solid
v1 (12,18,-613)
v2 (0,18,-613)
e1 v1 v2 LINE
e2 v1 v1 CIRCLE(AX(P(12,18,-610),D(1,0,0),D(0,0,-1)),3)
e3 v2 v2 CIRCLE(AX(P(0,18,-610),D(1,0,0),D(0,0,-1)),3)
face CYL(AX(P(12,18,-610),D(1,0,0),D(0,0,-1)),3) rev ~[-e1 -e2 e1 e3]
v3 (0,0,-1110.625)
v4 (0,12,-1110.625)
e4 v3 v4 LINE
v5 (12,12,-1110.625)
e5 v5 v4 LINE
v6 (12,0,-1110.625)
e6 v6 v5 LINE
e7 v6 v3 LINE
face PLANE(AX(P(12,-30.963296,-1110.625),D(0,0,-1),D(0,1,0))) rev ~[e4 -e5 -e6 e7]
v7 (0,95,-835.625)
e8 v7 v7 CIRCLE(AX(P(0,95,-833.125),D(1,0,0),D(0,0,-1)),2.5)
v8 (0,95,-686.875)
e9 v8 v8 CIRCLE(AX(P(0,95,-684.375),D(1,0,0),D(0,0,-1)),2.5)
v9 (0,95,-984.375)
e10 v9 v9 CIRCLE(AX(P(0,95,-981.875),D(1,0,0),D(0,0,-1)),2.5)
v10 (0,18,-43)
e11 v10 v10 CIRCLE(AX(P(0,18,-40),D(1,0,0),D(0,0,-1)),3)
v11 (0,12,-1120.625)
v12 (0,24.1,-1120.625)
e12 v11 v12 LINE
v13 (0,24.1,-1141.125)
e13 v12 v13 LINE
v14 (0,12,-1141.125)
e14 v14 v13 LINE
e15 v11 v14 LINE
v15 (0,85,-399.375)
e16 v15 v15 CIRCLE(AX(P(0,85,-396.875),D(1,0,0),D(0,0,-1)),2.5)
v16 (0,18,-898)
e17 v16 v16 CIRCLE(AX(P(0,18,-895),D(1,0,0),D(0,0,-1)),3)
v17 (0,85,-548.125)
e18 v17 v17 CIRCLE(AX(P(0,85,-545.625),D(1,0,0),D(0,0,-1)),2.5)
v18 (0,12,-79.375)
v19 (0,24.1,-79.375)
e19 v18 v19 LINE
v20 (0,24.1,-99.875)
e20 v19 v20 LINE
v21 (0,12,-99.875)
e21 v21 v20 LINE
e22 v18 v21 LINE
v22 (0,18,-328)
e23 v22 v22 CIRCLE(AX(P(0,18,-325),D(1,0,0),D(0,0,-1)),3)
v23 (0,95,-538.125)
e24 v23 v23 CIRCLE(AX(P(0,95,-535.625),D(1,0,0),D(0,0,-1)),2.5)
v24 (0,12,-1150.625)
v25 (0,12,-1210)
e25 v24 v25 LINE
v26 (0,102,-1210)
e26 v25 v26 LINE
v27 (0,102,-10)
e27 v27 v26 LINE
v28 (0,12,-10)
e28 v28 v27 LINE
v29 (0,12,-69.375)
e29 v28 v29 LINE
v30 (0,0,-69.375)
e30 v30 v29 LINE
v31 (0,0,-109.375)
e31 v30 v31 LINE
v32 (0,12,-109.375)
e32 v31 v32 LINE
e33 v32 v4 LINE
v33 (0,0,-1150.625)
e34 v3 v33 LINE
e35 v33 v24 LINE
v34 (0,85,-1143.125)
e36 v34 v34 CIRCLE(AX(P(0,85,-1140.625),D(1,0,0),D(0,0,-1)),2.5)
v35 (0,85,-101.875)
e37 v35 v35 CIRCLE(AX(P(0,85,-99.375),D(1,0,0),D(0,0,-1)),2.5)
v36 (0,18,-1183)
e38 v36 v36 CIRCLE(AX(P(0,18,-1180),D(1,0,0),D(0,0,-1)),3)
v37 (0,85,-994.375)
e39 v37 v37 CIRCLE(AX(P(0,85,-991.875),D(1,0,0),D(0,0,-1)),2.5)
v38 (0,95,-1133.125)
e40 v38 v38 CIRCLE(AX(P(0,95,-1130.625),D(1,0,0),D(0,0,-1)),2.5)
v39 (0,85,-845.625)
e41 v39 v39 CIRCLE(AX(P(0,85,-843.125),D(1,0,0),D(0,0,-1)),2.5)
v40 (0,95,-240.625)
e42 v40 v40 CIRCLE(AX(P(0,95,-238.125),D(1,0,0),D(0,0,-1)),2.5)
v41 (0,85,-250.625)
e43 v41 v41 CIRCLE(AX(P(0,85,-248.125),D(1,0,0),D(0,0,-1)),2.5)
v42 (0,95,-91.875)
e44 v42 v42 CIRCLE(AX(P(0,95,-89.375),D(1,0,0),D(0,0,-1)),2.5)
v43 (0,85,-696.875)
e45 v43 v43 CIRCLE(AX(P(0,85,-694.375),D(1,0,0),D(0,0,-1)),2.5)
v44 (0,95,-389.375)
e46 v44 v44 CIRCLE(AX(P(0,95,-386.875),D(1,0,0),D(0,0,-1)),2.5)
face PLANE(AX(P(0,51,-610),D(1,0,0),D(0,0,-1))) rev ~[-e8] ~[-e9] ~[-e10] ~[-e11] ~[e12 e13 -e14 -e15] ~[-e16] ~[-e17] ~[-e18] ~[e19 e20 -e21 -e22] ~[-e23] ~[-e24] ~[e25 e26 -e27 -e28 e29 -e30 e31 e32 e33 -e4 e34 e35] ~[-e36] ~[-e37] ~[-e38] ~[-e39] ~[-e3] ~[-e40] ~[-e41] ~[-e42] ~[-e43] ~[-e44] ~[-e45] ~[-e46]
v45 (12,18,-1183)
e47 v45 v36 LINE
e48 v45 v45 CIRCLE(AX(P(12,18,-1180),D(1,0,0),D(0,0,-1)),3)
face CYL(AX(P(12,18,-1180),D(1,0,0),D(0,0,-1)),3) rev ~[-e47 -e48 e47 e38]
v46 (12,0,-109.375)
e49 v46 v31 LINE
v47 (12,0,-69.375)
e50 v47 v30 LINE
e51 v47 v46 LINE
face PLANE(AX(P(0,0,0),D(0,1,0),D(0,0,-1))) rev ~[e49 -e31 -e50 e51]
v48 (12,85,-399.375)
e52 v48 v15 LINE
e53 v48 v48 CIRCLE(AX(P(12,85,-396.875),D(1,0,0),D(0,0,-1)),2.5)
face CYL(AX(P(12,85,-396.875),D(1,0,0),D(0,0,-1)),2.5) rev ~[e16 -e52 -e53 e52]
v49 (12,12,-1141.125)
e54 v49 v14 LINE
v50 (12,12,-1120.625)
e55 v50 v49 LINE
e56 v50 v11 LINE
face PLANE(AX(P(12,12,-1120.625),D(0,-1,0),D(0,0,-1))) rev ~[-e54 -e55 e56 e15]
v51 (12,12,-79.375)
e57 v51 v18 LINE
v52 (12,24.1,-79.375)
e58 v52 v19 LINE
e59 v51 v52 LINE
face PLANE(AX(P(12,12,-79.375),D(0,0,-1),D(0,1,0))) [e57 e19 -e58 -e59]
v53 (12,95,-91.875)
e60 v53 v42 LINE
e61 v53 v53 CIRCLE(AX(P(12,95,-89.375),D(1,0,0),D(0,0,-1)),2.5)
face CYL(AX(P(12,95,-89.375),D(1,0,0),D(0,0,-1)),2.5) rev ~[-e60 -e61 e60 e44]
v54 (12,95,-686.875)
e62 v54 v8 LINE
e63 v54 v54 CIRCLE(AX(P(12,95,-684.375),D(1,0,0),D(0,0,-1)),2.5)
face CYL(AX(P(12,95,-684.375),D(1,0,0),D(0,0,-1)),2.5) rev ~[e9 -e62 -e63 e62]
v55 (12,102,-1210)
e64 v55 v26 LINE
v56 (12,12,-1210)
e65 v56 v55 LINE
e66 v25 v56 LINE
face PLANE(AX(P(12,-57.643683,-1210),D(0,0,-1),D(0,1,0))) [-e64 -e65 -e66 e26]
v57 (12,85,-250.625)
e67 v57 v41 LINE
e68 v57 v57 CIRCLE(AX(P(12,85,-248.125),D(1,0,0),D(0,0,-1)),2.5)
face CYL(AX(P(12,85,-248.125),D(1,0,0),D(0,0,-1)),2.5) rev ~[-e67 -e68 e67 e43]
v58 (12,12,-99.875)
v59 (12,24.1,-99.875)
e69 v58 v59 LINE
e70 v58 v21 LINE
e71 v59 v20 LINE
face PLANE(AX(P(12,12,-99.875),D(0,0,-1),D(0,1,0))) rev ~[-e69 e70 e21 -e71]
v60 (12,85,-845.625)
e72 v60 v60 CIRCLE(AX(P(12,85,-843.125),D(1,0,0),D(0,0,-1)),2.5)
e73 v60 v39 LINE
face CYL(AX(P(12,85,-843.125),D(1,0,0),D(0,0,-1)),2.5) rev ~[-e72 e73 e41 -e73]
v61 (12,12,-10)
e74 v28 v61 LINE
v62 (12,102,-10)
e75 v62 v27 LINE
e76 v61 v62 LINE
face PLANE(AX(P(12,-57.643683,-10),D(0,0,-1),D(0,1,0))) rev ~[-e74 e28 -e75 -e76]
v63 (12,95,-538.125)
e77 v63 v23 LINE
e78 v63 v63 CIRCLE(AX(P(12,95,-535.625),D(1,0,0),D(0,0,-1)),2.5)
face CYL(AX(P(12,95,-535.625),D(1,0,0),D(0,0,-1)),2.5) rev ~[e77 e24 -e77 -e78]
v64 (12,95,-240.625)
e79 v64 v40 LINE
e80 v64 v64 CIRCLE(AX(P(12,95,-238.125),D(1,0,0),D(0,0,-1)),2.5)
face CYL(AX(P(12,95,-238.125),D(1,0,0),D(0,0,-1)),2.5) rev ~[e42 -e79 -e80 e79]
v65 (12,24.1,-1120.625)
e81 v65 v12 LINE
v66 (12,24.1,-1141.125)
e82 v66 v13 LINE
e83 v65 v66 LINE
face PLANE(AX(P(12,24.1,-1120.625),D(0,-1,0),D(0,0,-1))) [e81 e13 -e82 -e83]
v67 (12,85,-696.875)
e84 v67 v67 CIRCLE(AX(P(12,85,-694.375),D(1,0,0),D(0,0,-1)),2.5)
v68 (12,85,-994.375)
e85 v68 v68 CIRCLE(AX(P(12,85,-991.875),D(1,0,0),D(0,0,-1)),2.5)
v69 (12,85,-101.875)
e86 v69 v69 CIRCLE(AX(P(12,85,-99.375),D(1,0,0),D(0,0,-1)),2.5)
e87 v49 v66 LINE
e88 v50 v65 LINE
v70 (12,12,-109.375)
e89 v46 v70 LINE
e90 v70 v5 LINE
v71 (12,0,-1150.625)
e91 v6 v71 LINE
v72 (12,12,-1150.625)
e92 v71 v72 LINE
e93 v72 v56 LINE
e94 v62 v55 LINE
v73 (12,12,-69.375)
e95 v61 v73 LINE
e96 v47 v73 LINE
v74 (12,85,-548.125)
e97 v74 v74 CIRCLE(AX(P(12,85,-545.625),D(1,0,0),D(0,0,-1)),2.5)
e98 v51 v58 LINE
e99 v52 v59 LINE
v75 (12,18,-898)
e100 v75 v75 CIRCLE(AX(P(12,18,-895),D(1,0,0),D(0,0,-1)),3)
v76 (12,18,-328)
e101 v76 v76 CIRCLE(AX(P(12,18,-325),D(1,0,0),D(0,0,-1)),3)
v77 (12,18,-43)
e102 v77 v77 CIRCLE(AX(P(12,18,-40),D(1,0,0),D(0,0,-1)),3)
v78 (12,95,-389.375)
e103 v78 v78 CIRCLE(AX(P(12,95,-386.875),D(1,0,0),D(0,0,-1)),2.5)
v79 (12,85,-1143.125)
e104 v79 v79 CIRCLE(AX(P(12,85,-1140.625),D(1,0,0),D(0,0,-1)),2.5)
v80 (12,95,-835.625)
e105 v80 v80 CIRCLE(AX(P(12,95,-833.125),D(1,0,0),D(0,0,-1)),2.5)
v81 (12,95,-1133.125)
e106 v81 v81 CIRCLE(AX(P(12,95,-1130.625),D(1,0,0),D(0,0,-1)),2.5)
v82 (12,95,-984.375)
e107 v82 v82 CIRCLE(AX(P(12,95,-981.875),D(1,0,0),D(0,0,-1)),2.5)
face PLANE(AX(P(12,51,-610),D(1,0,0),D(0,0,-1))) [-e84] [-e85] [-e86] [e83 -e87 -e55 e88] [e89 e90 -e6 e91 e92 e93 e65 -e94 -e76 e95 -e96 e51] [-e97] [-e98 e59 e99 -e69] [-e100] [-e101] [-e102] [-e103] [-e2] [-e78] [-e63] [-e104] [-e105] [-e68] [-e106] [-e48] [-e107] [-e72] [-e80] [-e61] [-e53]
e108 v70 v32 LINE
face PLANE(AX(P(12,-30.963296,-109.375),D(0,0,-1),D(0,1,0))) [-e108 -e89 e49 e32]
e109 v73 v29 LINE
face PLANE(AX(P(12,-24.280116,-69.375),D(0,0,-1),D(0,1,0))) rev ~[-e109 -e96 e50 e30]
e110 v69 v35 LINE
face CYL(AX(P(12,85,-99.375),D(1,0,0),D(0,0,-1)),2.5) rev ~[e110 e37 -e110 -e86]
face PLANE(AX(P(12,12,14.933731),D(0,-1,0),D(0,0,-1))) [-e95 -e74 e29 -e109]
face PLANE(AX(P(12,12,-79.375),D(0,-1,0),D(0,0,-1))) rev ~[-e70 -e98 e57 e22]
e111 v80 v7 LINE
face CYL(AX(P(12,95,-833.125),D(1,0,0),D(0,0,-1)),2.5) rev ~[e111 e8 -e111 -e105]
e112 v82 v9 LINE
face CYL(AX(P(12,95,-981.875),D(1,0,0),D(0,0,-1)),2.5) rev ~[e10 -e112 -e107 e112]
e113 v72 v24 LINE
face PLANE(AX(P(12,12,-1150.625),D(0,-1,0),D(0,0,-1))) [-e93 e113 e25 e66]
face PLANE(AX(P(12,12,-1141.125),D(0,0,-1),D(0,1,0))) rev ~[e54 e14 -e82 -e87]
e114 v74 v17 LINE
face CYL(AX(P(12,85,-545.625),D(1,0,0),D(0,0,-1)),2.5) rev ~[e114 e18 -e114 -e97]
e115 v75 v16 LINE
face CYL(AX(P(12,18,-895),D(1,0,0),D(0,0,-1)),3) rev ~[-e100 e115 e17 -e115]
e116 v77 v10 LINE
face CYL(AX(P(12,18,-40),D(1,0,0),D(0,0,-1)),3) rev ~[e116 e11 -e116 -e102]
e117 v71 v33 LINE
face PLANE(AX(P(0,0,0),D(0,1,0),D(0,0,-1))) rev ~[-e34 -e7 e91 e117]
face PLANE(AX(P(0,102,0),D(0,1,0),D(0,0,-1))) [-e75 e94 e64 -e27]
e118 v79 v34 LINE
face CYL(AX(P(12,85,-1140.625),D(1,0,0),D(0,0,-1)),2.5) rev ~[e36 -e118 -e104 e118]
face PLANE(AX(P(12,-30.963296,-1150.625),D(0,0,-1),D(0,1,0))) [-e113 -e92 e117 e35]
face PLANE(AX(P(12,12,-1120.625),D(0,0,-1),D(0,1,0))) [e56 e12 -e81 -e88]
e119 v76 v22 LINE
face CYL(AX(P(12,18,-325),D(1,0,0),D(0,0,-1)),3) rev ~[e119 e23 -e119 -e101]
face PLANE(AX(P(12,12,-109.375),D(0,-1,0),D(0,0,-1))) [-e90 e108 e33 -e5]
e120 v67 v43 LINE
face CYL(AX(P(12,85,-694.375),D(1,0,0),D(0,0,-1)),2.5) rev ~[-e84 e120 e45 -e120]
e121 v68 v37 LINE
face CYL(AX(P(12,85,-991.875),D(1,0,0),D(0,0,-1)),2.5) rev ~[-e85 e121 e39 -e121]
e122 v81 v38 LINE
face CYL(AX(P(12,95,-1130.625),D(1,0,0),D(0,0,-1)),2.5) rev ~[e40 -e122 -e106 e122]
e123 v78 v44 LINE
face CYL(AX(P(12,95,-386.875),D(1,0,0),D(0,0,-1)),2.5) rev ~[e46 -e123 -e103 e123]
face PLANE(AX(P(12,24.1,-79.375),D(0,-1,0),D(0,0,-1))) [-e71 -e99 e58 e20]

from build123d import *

# Parameters (mm, degrees)
SKETCH1_W           = 1220
SKETCH1_H           = 102
BOSS_EXTRUDE1_DEPTH = 12
SKETCH4_W           = 84.308730764
SKETCH4_H           = 36.280116476
SKETCH4_W_2         = 1001.25
SKETCH4_H_2         = 42.963295827
SKETCH4_W_3         = 112.735688249
CUT_EXTRUDE1_DEPTH  = 20
SKETCH5_W           = 107.106738726
SKETCH5_H           = 164.152719134
SKETCH5_W_2         = 109.43514609
SKETCH5_H_2         = 176.958959634
CUT_EXTRUDE2_DEPTH  = 20
SKETCH6_R           = 2.5
CUT_EXTRUDE3_DEPTH  = 20
SKETCH7_R           = 2.5
CUT_EXTRUDE4_DEPTH  = 22
SKETCH8_W           = 20.5
SKETCH8_H           = 12.1
CUT_EXTRUDE5_DEPTH  = 20
SKETCH9_R           = 3
CUT_EXTRUDE6_DEPTH  = 20


with BuildPart() as part:
    # Sketch1 → Boss-Extrude1 (new body)
    with BuildSketch(Plane(origin=(0, 0, 0), x_dir=(0, 0, -1), z_dir=(1, 0, 0))):
        with Locations((610, 51)):
            Rectangle(SKETCH1_W, SKETCH1_H)
    extrude(amount=BOSS_EXTRUDE1_DEPTH)

    # Sketch4 → Cut-Extrude1 (cut)
    with BuildSketch(Plane(origin=(12, 0, 0), x_dir=(0, 0, -1), z_dir=(1, 0, 0))):
        with Locations((27.220634618, -6.140058238)):
            Rectangle(SKETCH4_W, SKETCH4_H)
        with Locations((610, -9.481647914)):
            Rectangle(SKETCH4_W_2, SKETCH4_H_2)
        with Locations((1206.992844125, -9.481647914)):
            Rectangle(SKETCH4_W_3, SKETCH4_H_2)
    extrude(amount=-CUT_EXTRUDE1_DEPTH, mode=Mode.SUBTRACT)

    # Sketch5 → Cut-Extrude2 (cut)
    with BuildSketch(Plane(origin=(12, 0, 0), x_dir=(0, 0, -1), z_dir=(1, 0, 0))):
        with Locations((1263.553369363, 24.432676068)):
            Rectangle(SKETCH5_W, SKETCH5_H)
        with Locations((-44.717573045, 30.835796318)):
            Rectangle(SKETCH5_W_2, SKETCH5_H_2)
    extrude(amount=-CUT_EXTRUDE2_DEPTH, mode=Mode.SUBTRACT)

    # Sketch6 → Cut-Extrude3 (cut)
    with BuildSketch(Plane(origin=(12, 0, 0), x_dir=(0, 0, -1), z_dir=(1, 0, 0))):
        with Locations((89.375, 95)):
            Circle(SKETCH6_R)
        with Locations((238.125, 95)):
            Circle(SKETCH6_R)
        with Locations((386.875, 95)):
            Circle(SKETCH6_R)
        with Locations((535.625, 95)):
            Circle(SKETCH6_R)
        with Locations((684.375, 95)):
            Circle(SKETCH6_R)
        with Locations((833.125, 95)):
            Circle(SKETCH6_R)
        with Locations((981.875, 95)):
            Circle(SKETCH6_R)
        with Locations((1130.625, 95)):
            Circle(SKETCH6_R)
    extrude(amount=-CUT_EXTRUDE3_DEPTH, mode=Mode.SUBTRACT)

    # Sketch7 → Cut-Extrude4 (cut)
    with BuildSketch(Plane(origin=(12, 0, 0), x_dir=(0, 0, -1), z_dir=(1, 0, 0))):
        with Locations((99.375, 85)):
            Circle(SKETCH7_R)
        with Locations((248.125, 85)):
            Circle(SKETCH7_R)
        with Locations((396.875, 85)):
            Circle(SKETCH7_R)
        with Locations((545.625, 85)):
            Circle(SKETCH7_R)
        with Locations((694.375, 85)):
            Circle(SKETCH7_R)
        with Locations((843.125, 85)):
            Circle(SKETCH7_R)
        with Locations((991.875, 85)):
            Circle(SKETCH7_R)
        with Locations((1140.625, 85)):
            Circle(SKETCH7_R)
    extrude(amount=-CUT_EXTRUDE4_DEPTH, mode=Mode.SUBTRACT)

    # Sketch8 → Cut-Extrude5 (cut)
    with BuildSketch(Plane(origin=(12, 0, 0), x_dir=(0, 0, -1), z_dir=(1, 0, 0))):
        with Locations((89.625, 18.05)):
            Rectangle(SKETCH8_W, SKETCH8_H)
        with Locations((1130.875, 18.05)):
            Rectangle(SKETCH8_W, SKETCH8_H)
    extrude(amount=-CUT_EXTRUDE5_DEPTH, mode=Mode.SUBTRACT)

    # Sketch9 → Cut-Extrude6 (cut)
    with BuildSketch(Plane(origin=(12, 0, 0), x_dir=(0, 0, -1), z_dir=(1, 0, 0))):
        with Locations((40, 18)):
            Circle(SKETCH9_R)
        with Locations((325, 18)):
            Circle(SKETCH9_R)
        with Locations((610, 18)):
            Circle(SKETCH9_R)
        with Locations((895, 18)):
            Circle(SKETCH9_R)
        with Locations((1180, 18)):
            Circle(SKETCH9_R)
    extrude(amount=-CUT_EXTRUDE6_DEPTH, mode=Mode.SUBTRACT)


solid = part.part
